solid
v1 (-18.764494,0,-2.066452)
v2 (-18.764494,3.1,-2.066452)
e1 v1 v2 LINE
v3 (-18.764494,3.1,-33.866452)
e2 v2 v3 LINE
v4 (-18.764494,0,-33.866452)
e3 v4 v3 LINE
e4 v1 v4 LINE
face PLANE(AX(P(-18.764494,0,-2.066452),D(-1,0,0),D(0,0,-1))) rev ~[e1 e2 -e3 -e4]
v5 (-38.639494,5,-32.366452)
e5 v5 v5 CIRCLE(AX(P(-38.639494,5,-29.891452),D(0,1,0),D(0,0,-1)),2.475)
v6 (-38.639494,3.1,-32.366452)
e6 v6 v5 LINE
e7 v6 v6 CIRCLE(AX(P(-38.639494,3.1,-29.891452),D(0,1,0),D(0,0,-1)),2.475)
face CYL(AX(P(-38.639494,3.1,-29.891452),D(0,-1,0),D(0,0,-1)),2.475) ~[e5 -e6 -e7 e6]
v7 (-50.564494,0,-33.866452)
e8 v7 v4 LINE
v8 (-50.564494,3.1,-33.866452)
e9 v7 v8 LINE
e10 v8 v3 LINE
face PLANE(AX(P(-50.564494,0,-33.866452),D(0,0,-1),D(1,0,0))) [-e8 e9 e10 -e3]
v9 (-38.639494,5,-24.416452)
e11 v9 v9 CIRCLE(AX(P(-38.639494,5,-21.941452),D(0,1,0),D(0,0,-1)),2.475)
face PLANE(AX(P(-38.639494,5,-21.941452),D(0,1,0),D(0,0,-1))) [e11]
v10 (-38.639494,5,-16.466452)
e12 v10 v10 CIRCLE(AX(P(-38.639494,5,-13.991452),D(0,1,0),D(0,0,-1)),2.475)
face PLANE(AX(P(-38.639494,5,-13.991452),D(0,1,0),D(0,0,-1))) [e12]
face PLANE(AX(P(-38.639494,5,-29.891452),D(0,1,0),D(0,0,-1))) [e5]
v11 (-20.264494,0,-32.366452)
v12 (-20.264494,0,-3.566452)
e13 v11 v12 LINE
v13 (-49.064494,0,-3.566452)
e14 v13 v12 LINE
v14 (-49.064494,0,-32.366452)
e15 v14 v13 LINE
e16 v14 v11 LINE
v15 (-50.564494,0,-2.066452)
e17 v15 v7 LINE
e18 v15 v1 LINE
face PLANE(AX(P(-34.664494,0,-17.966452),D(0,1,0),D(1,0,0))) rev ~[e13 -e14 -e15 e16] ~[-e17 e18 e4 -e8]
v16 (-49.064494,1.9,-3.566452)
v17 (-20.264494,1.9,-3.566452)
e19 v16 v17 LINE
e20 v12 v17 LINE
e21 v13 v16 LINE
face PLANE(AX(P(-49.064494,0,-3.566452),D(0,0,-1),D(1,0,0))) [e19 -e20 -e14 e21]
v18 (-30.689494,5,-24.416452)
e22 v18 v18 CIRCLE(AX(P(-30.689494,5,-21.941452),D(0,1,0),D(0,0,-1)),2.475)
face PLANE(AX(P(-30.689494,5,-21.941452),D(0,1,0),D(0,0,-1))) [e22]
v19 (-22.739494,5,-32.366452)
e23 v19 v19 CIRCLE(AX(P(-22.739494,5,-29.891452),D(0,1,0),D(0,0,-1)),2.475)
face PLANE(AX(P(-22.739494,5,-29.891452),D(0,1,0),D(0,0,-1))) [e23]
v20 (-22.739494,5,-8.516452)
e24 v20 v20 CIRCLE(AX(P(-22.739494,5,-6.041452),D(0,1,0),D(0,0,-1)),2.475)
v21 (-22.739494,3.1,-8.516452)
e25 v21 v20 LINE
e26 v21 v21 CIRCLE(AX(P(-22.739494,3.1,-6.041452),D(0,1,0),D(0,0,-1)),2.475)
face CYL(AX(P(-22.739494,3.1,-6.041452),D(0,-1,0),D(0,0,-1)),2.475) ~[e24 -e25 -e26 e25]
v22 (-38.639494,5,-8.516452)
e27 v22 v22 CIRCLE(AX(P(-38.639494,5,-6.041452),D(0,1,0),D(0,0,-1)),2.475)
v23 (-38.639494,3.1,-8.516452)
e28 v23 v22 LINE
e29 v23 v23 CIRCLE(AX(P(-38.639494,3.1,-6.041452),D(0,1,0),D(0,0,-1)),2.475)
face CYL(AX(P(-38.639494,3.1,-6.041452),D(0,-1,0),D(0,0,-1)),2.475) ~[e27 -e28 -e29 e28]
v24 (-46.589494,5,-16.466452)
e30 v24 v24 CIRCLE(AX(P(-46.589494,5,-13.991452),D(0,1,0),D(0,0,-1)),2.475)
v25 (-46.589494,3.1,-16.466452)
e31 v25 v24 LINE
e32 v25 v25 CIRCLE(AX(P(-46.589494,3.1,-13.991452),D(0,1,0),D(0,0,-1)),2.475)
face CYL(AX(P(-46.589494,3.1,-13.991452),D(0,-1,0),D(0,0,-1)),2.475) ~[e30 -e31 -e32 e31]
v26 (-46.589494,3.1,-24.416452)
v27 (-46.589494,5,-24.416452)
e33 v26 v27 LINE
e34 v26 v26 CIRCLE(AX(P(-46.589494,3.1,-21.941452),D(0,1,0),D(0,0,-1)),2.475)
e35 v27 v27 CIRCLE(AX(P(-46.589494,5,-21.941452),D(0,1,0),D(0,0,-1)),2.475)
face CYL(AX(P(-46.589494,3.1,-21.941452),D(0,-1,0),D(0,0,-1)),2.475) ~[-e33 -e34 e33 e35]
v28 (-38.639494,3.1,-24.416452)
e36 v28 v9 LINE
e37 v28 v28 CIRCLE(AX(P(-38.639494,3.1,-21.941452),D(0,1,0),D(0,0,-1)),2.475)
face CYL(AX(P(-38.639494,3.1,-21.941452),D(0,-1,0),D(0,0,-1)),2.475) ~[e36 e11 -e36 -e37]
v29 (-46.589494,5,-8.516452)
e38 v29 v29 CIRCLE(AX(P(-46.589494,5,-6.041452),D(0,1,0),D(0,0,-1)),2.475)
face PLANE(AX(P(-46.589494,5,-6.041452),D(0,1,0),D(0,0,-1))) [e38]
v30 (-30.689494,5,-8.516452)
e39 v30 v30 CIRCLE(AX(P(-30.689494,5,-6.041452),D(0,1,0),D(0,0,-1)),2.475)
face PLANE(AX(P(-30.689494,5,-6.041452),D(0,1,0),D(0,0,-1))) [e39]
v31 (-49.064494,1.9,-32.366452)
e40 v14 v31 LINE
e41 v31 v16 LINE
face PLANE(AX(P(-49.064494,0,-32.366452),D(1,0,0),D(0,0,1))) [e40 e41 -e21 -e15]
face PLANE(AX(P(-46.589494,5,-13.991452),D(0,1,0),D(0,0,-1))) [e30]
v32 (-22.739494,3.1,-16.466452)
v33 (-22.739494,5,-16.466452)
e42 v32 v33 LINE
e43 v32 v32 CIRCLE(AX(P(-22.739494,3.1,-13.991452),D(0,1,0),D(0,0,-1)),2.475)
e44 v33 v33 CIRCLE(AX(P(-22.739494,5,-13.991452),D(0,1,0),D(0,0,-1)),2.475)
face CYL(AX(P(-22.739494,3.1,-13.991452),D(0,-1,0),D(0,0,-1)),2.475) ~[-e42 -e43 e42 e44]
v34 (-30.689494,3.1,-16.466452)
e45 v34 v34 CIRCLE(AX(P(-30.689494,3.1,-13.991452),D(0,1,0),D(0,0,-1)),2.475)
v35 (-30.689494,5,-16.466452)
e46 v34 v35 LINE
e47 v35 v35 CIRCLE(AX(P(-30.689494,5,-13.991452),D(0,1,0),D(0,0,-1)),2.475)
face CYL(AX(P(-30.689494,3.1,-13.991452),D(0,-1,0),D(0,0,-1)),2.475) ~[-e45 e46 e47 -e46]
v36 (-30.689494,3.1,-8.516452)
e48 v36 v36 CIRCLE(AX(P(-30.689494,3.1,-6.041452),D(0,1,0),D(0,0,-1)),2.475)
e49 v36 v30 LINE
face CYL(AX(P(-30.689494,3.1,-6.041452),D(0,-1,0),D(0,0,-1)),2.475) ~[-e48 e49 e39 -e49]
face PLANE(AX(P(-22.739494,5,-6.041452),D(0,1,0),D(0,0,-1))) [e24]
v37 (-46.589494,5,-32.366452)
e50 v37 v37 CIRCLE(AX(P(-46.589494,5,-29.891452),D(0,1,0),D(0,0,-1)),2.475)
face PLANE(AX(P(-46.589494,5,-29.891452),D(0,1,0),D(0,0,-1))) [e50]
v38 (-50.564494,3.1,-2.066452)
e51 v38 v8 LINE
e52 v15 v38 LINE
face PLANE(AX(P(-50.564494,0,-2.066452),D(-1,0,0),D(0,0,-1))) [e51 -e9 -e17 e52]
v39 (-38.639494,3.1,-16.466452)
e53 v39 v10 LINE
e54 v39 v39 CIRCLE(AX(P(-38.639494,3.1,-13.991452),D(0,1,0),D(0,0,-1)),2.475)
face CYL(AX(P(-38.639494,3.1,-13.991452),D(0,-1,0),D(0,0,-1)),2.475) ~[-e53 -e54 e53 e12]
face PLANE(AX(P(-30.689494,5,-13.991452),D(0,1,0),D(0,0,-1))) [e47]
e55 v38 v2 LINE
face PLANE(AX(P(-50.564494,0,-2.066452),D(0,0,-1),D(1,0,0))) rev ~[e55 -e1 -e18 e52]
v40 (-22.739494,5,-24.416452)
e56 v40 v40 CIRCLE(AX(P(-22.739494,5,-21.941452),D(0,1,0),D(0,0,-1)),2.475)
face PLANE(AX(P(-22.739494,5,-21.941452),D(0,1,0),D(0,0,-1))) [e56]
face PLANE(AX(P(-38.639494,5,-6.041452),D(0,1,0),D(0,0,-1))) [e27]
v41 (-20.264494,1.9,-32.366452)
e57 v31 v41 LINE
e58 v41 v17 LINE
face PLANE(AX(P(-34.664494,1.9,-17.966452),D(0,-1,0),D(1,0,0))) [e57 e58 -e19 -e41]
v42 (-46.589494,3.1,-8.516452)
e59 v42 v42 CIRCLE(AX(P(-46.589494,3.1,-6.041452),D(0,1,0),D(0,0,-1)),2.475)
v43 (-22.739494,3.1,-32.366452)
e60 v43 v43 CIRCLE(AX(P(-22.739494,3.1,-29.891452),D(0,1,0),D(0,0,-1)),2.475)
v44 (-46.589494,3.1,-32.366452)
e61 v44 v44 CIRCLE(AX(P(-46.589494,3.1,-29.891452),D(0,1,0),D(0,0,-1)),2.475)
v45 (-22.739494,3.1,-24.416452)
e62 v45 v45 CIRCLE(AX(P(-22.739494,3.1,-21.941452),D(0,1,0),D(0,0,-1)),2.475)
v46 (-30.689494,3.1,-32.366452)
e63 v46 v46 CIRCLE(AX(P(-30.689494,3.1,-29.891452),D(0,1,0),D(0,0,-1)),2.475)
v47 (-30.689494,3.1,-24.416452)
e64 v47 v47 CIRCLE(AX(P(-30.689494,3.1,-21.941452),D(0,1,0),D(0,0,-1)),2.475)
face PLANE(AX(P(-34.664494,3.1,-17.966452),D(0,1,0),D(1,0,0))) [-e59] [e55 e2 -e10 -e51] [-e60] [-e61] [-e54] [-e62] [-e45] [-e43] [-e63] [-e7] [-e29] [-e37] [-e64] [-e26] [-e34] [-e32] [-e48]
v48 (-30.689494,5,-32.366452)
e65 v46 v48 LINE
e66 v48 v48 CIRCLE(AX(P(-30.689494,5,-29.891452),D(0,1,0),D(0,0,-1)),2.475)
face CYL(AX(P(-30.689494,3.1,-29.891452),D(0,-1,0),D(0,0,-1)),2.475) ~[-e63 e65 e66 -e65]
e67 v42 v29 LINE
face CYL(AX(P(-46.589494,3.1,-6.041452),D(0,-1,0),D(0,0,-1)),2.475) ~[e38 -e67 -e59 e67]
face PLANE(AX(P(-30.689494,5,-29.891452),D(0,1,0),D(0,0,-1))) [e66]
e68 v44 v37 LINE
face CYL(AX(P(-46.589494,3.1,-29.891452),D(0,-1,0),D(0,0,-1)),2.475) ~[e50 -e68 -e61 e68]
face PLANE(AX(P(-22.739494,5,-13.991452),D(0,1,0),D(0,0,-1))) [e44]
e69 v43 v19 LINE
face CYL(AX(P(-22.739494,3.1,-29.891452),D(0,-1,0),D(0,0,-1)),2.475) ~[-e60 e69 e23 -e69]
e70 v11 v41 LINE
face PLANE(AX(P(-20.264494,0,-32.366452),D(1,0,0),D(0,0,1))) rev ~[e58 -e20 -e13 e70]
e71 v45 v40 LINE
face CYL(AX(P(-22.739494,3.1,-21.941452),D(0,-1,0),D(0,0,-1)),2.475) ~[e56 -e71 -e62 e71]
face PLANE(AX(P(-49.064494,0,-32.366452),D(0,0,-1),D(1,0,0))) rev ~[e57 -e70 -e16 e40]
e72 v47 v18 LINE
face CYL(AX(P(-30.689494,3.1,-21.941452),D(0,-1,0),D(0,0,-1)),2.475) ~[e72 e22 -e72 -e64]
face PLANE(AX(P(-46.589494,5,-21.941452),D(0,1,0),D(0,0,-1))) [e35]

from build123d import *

# Parameters (mm, degrees)
SKETCH1_W           = 31.8
SKETCH1_H           = 31.8
BOSS_EXTRUDE1_DEPTH = 3.1
SKETCH2_W           = 28.8
SKETCH2_H           = 28.8
CUT_EXTRUDE1_DEPTH  = 1.9
SKETCH3_R           = 2.475
BOSS_EXTRUDE2_DEPTH = 1.9


with BuildPart() as part:
    # Sketch1 → Boss-Extrude1 (new body)
    with BuildSketch(Plane(origin=(0, 0, 0), x_dir=(1, 0, 0), z_dir=(0, 1, 0))):
        with Locations((-34.664493697, 17.966451592)):
            Rectangle(SKETCH1_W, SKETCH1_H)
    extrude(amount=BOSS_EXTRUDE1_DEPTH)

    # Sketch2 → Cut-Extrude1 (cut)
    with BuildSketch(Plane.XZ):
        with Locations((-34.664493697, -17.966451592)):
            Rectangle(SKETCH2_W, SKETCH2_H)
    extrude(amount=-CUT_EXTRUDE1_DEPTH, mode=Mode.SUBTRACT)

    # Sketch3 → Boss-Extrude2 (add)
    with BuildSketch(Plane(origin=(0, 3.1, 0), x_dir=(1, 0, 0), z_dir=(0, 1, 0))):
        with Locations(Location((-46.589493697, 29.891451592, 0), (0, 0, 90))):
            Circle(SKETCH3_R)
        with Locations(Location((-30.689493697, 29.891451592, 0), (0, 0, 90))):
            Circle(SKETCH3_R)
        with Locations(Location((-38.639493697, 29.891451592, 0), (0, 0, 90))):
            Circle(SKETCH3_R)
        with Locations(Location((-22.739493697, 29.891451592, 0), (0, 0, 90))):
            Circle(SKETCH3_R)
        with Locations(Location((-46.589493697, 21.941451592, 0), (0, 0, 90))):
            Circle(SKETCH3_R)
        with Locations(Location((-38.639493697, 21.941451592, 0), (0, 0, 90))):
            Circle(SKETCH3_R)
        with Locations(Location((-30.689493697, 21.941451592, 0), (0, 0, 90))):
            Circle(SKETCH3_R)
        with Locations(Location((-22.739493697, 21.941451592, 0), (0, 0, 90))):
            Circle(SKETCH3_R)
        with Locations(Location((-22.739493697, 13.991451592, 0), (0, 0, 90))):
            Circle(SKETCH3_R)
        with Locations(Location((-22.739493697, 6.041451592, 0), (0, 0, 90))):
            Circle(SKETCH3_R)
        with Locations(Location((-30.689493697, 13.991451592, 0), (0, 0, 90))):
            Circle(SKETCH3_R)
        with Locations(Location((-30.689493697, 6.041451592, 0), (0, 0, 90))):
            Circle(SKETCH3_R)
        with Locations(Location((-38.639493697, 13.991451592, 0), (0, 0, 90))):
            Circle(SKETCH3_R)
        with Locations(Location((-38.639493697, 6.041451592, 0), (0, 0, 90))):
            Circle(SKETCH3_R)
        with Locations(Location((-46.589493697, 13.991451592, 0), (0, 0, 90))):
            Circle(SKETCH3_R)
        with Locations(Location((-46.589493697, 6.041451592, 0), (0, 0, 90))):
            Circle(SKETCH3_R)
    extrude(amount=BOSS_EXTRUDE2_DEPTH)


solid = part.part
